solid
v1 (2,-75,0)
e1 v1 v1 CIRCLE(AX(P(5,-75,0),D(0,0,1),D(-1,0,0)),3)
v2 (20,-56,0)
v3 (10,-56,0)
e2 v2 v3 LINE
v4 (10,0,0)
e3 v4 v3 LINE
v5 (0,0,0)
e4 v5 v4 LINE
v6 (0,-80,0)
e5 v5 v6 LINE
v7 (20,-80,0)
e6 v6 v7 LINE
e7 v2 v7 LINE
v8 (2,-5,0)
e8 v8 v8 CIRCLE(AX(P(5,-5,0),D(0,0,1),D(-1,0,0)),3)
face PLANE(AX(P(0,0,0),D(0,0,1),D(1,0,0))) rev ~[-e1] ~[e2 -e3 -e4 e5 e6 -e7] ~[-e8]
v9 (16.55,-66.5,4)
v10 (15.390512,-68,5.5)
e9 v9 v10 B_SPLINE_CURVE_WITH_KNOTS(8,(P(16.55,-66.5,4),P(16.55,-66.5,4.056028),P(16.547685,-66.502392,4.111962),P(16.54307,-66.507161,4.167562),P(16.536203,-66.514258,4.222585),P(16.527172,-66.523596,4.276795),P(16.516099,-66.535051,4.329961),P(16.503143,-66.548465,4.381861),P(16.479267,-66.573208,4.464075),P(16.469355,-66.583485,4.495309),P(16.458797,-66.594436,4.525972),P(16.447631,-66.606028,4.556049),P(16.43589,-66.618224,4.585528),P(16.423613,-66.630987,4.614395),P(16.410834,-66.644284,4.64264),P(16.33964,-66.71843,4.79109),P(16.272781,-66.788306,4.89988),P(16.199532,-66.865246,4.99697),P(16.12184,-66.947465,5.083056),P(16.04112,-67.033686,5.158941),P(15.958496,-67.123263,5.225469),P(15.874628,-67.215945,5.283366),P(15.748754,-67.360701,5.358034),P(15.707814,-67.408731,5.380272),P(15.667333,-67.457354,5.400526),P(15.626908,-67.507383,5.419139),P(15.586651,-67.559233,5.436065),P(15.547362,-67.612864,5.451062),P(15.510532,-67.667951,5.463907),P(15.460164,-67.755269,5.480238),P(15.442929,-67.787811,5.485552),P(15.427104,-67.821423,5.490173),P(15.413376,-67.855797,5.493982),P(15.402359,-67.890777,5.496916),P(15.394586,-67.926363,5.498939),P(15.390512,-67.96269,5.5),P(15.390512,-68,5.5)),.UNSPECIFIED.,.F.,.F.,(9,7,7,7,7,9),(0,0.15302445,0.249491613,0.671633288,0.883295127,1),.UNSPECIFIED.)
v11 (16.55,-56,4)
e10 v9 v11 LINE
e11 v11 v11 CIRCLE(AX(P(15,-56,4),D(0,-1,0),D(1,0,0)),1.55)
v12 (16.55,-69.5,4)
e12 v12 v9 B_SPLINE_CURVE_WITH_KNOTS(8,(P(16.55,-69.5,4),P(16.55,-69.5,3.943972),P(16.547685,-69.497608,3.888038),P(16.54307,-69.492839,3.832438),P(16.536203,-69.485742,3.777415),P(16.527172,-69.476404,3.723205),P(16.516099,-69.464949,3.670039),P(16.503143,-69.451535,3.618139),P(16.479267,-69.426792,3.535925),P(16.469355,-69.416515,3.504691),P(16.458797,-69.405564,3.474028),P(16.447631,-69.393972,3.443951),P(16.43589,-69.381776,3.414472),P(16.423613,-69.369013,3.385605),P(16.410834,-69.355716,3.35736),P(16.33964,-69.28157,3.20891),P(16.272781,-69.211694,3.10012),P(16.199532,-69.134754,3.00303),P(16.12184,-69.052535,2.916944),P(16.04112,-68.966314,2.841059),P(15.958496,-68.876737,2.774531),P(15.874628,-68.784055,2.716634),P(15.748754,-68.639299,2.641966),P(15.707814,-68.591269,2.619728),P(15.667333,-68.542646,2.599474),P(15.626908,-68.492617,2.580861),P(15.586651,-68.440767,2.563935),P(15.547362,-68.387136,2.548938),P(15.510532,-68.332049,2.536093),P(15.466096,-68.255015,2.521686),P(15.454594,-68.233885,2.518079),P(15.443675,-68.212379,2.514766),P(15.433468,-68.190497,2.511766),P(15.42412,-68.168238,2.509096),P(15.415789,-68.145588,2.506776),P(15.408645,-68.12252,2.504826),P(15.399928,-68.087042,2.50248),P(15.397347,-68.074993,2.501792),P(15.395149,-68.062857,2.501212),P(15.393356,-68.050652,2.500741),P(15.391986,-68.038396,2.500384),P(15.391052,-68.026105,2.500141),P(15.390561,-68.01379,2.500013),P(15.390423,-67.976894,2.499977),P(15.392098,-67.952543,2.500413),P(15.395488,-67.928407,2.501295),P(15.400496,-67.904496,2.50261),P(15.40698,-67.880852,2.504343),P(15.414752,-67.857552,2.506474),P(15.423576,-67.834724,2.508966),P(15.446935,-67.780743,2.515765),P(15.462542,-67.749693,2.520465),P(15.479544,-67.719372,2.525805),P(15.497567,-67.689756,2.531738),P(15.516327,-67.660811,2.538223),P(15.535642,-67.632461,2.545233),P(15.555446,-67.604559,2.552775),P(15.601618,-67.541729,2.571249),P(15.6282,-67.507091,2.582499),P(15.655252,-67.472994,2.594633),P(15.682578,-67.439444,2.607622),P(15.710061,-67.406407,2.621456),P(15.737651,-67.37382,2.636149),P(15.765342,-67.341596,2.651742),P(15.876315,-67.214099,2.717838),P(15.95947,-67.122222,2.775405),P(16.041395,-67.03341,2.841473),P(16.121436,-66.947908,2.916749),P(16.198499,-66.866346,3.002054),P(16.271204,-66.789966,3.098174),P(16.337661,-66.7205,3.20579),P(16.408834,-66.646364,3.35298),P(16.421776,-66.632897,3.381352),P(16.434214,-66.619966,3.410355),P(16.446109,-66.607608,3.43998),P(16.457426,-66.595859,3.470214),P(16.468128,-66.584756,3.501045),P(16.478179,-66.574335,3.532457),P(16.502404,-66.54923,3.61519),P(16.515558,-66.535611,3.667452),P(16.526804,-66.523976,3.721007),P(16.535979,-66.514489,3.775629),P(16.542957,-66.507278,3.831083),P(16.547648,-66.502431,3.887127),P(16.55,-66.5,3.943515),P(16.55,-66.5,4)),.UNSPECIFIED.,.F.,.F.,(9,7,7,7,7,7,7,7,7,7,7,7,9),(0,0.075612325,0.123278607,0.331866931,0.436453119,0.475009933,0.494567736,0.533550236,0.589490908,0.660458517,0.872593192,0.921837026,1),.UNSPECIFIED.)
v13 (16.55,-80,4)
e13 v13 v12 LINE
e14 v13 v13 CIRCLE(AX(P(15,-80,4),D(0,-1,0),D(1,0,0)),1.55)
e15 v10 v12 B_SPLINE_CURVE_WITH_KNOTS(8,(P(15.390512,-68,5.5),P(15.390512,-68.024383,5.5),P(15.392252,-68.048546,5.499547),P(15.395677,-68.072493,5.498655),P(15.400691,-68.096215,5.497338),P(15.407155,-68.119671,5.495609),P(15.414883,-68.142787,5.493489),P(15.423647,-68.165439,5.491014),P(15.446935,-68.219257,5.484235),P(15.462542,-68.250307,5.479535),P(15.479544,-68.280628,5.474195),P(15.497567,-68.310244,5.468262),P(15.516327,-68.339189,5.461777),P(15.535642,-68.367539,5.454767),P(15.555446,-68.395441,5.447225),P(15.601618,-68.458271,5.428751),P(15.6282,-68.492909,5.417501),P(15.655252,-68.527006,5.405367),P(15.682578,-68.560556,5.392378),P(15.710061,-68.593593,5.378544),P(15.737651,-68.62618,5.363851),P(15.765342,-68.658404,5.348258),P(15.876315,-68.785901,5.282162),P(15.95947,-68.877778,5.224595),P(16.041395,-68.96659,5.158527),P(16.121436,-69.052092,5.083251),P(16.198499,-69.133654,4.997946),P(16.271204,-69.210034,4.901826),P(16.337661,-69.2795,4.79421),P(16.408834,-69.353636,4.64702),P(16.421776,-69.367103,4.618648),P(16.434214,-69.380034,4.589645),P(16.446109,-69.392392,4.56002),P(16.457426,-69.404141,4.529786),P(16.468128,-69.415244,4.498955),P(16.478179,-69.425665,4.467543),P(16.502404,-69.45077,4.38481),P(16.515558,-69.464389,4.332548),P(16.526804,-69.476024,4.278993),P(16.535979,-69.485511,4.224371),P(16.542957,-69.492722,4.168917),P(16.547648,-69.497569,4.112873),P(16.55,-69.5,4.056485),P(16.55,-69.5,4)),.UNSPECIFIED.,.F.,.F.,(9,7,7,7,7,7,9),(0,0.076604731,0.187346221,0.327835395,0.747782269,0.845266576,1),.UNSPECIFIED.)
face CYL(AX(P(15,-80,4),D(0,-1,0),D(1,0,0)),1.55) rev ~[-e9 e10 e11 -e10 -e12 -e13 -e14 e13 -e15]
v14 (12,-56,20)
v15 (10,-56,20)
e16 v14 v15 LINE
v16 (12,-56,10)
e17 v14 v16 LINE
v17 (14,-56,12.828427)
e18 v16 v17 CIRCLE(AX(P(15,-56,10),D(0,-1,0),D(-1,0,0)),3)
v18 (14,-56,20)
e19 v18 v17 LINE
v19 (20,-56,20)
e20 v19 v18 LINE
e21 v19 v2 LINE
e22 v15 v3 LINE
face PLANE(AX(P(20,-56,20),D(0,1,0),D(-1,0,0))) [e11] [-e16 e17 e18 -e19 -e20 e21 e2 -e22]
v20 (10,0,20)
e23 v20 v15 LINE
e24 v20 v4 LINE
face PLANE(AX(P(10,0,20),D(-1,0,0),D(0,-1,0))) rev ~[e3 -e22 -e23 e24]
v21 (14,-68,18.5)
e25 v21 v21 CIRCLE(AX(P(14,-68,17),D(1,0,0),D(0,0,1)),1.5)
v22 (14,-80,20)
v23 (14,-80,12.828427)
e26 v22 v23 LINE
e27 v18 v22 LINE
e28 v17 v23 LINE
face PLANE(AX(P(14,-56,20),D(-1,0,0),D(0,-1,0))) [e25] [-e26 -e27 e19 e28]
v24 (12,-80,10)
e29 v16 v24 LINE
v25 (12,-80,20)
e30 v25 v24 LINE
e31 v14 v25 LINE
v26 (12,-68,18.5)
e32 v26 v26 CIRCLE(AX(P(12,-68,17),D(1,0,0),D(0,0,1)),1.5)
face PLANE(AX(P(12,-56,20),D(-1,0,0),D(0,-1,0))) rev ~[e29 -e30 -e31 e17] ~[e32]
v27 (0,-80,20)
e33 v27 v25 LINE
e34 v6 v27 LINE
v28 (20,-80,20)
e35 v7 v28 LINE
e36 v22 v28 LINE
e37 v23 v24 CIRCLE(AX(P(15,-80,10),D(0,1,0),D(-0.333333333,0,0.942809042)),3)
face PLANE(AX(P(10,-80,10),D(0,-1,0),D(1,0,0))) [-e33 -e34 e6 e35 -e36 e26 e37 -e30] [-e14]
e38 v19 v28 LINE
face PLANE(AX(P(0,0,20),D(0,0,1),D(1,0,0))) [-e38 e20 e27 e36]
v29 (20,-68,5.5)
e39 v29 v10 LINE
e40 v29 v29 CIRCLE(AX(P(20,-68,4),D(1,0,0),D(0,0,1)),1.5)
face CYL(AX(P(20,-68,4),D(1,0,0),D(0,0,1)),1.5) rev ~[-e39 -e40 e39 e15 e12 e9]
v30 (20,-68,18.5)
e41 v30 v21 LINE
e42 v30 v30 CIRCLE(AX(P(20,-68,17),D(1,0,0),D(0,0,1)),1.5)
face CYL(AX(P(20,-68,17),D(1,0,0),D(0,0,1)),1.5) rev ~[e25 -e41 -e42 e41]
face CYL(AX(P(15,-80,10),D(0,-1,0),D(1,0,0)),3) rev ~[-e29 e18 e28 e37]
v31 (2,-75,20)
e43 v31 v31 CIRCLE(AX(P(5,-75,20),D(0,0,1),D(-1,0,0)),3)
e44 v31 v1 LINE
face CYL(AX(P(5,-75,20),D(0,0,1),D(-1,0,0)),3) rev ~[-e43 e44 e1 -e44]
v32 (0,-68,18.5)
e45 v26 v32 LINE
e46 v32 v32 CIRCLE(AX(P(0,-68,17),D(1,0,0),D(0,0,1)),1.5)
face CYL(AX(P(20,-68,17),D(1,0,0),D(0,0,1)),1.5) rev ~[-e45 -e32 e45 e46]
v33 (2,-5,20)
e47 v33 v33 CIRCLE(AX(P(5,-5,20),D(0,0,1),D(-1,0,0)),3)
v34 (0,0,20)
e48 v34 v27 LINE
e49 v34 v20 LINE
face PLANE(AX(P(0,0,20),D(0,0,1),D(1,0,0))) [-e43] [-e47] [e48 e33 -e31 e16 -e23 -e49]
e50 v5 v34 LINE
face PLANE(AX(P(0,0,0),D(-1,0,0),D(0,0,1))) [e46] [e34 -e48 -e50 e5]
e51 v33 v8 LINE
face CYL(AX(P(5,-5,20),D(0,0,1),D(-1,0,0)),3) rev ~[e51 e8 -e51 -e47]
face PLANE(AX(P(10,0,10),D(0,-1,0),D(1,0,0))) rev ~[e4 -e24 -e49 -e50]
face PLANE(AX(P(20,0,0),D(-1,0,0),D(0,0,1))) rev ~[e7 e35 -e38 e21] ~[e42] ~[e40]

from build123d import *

# Parameters (mm, degrees)
SKETCH_W        = 20
SKETCH_H        = 20
PAD_DEPTH       = 80
SKETCH001_R     = 3
POCKET_DEPTH    = 20.001
SKETCH002_W     = 10
SKETCH002_H     = 56
POCKET001_DEPTH = 20.001
SKETCH003_R     = 3
SKETCH003_R_2   = 1.55
POCKET002_DEPTH = 80.001
SKETCH004_W     = 2
SKETCH004_H     = 24
POCKET003_DEPTH = 10
SKETCH005_R     = 1.5
POCKET004_DEPTH = 5
SKETCH006_R     = 1.5
POCKET005_DEPTH = 20.001


with BuildPart() as part:
    # Sketch → Pad (new body)
    with BuildSketch(Plane.XZ):
        with Locations((10, 10)):
            Rectangle(SKETCH_W, SKETCH_H)
    extrude(amount=PAD_DEPTH)

    # Sketch001 (on Face3 of Pad) → Pocket (cut, through all)
    with BuildSketch(Plane(origin=(0, 0, 20), x_dir=(-1, 0, 0), z_dir=(0, 0, 1))):
        with Locations((-5, 5)):
            Circle(SKETCH001_R)
        with Locations((-5, 75)):
            Circle(SKETCH001_R)
    extrude(amount=-POCKET_DEPTH, mode=Mode.SUBTRACT)

    # Sketch002 (on Face8 of Pocket) → Pocket001 (cut, through all)
    with BuildSketch(Plane(origin=(0, 0, 20), x_dir=(-1, 0, 0), z_dir=(0, 0, 1))):
        with Locations((-15, 28)):
            Rectangle(SKETCH002_W, SKETCH002_H)
    extrude(amount=-POCKET001_DEPTH, mode=Mode.SUBTRACT)

    # Sketch003 (on Face6 of Pocket001) → Pocket002 (cut, through all)
    with BuildSketch(Plane.XZ.offset(80)):
        with Locations((15, 10)):
            Circle(SKETCH003_R)
        with Locations((15, 4)):
            Circle(SKETCH003_R_2)
    extrude(amount=-POCKET002_DEPTH, mode=Mode.SUBTRACT)

    # Sketch004 (on Face10 of Pocket002) → Pocket003 (cut)
    with BuildSketch(Plane(origin=(0, 0, 20), x_dir=(-1, 0, 0), z_dir=(0, 0, 1))):
        with Locations((-13, 68)):
            Rectangle(SKETCH004_W, SKETCH004_H)
    extrude(amount=-POCKET003_DEPTH, mode=Mode.SUBTRACT)

    # Sketch005 (on Face5 of Pocket003) → Pocket004 (cut)
    with BuildSketch(Plane(origin=(20, 0, 0), x_dir=(0, 0, 1), z_dir=(1, 0, 0))):
        with Locations((4, 68)):
            Circle(SKETCH005_R)
    extrude(amount=-POCKET004_DEPTH, mode=Mode.SUBTRACT)

    # Sketch006 (on Face5 of Pocket004) → Pocket005 (cut, through all)
    with BuildSketch(Plane(origin=(20, 0, 0), x_dir=(0, 0, 1), z_dir=(1, 0, 0))):
        with Locations((17, 68)):
            Circle(SKETCH006_R)
    extrude(amount=-POCKET005_DEPTH, mode=Mode.SUBTRACT)


solid = part.part
